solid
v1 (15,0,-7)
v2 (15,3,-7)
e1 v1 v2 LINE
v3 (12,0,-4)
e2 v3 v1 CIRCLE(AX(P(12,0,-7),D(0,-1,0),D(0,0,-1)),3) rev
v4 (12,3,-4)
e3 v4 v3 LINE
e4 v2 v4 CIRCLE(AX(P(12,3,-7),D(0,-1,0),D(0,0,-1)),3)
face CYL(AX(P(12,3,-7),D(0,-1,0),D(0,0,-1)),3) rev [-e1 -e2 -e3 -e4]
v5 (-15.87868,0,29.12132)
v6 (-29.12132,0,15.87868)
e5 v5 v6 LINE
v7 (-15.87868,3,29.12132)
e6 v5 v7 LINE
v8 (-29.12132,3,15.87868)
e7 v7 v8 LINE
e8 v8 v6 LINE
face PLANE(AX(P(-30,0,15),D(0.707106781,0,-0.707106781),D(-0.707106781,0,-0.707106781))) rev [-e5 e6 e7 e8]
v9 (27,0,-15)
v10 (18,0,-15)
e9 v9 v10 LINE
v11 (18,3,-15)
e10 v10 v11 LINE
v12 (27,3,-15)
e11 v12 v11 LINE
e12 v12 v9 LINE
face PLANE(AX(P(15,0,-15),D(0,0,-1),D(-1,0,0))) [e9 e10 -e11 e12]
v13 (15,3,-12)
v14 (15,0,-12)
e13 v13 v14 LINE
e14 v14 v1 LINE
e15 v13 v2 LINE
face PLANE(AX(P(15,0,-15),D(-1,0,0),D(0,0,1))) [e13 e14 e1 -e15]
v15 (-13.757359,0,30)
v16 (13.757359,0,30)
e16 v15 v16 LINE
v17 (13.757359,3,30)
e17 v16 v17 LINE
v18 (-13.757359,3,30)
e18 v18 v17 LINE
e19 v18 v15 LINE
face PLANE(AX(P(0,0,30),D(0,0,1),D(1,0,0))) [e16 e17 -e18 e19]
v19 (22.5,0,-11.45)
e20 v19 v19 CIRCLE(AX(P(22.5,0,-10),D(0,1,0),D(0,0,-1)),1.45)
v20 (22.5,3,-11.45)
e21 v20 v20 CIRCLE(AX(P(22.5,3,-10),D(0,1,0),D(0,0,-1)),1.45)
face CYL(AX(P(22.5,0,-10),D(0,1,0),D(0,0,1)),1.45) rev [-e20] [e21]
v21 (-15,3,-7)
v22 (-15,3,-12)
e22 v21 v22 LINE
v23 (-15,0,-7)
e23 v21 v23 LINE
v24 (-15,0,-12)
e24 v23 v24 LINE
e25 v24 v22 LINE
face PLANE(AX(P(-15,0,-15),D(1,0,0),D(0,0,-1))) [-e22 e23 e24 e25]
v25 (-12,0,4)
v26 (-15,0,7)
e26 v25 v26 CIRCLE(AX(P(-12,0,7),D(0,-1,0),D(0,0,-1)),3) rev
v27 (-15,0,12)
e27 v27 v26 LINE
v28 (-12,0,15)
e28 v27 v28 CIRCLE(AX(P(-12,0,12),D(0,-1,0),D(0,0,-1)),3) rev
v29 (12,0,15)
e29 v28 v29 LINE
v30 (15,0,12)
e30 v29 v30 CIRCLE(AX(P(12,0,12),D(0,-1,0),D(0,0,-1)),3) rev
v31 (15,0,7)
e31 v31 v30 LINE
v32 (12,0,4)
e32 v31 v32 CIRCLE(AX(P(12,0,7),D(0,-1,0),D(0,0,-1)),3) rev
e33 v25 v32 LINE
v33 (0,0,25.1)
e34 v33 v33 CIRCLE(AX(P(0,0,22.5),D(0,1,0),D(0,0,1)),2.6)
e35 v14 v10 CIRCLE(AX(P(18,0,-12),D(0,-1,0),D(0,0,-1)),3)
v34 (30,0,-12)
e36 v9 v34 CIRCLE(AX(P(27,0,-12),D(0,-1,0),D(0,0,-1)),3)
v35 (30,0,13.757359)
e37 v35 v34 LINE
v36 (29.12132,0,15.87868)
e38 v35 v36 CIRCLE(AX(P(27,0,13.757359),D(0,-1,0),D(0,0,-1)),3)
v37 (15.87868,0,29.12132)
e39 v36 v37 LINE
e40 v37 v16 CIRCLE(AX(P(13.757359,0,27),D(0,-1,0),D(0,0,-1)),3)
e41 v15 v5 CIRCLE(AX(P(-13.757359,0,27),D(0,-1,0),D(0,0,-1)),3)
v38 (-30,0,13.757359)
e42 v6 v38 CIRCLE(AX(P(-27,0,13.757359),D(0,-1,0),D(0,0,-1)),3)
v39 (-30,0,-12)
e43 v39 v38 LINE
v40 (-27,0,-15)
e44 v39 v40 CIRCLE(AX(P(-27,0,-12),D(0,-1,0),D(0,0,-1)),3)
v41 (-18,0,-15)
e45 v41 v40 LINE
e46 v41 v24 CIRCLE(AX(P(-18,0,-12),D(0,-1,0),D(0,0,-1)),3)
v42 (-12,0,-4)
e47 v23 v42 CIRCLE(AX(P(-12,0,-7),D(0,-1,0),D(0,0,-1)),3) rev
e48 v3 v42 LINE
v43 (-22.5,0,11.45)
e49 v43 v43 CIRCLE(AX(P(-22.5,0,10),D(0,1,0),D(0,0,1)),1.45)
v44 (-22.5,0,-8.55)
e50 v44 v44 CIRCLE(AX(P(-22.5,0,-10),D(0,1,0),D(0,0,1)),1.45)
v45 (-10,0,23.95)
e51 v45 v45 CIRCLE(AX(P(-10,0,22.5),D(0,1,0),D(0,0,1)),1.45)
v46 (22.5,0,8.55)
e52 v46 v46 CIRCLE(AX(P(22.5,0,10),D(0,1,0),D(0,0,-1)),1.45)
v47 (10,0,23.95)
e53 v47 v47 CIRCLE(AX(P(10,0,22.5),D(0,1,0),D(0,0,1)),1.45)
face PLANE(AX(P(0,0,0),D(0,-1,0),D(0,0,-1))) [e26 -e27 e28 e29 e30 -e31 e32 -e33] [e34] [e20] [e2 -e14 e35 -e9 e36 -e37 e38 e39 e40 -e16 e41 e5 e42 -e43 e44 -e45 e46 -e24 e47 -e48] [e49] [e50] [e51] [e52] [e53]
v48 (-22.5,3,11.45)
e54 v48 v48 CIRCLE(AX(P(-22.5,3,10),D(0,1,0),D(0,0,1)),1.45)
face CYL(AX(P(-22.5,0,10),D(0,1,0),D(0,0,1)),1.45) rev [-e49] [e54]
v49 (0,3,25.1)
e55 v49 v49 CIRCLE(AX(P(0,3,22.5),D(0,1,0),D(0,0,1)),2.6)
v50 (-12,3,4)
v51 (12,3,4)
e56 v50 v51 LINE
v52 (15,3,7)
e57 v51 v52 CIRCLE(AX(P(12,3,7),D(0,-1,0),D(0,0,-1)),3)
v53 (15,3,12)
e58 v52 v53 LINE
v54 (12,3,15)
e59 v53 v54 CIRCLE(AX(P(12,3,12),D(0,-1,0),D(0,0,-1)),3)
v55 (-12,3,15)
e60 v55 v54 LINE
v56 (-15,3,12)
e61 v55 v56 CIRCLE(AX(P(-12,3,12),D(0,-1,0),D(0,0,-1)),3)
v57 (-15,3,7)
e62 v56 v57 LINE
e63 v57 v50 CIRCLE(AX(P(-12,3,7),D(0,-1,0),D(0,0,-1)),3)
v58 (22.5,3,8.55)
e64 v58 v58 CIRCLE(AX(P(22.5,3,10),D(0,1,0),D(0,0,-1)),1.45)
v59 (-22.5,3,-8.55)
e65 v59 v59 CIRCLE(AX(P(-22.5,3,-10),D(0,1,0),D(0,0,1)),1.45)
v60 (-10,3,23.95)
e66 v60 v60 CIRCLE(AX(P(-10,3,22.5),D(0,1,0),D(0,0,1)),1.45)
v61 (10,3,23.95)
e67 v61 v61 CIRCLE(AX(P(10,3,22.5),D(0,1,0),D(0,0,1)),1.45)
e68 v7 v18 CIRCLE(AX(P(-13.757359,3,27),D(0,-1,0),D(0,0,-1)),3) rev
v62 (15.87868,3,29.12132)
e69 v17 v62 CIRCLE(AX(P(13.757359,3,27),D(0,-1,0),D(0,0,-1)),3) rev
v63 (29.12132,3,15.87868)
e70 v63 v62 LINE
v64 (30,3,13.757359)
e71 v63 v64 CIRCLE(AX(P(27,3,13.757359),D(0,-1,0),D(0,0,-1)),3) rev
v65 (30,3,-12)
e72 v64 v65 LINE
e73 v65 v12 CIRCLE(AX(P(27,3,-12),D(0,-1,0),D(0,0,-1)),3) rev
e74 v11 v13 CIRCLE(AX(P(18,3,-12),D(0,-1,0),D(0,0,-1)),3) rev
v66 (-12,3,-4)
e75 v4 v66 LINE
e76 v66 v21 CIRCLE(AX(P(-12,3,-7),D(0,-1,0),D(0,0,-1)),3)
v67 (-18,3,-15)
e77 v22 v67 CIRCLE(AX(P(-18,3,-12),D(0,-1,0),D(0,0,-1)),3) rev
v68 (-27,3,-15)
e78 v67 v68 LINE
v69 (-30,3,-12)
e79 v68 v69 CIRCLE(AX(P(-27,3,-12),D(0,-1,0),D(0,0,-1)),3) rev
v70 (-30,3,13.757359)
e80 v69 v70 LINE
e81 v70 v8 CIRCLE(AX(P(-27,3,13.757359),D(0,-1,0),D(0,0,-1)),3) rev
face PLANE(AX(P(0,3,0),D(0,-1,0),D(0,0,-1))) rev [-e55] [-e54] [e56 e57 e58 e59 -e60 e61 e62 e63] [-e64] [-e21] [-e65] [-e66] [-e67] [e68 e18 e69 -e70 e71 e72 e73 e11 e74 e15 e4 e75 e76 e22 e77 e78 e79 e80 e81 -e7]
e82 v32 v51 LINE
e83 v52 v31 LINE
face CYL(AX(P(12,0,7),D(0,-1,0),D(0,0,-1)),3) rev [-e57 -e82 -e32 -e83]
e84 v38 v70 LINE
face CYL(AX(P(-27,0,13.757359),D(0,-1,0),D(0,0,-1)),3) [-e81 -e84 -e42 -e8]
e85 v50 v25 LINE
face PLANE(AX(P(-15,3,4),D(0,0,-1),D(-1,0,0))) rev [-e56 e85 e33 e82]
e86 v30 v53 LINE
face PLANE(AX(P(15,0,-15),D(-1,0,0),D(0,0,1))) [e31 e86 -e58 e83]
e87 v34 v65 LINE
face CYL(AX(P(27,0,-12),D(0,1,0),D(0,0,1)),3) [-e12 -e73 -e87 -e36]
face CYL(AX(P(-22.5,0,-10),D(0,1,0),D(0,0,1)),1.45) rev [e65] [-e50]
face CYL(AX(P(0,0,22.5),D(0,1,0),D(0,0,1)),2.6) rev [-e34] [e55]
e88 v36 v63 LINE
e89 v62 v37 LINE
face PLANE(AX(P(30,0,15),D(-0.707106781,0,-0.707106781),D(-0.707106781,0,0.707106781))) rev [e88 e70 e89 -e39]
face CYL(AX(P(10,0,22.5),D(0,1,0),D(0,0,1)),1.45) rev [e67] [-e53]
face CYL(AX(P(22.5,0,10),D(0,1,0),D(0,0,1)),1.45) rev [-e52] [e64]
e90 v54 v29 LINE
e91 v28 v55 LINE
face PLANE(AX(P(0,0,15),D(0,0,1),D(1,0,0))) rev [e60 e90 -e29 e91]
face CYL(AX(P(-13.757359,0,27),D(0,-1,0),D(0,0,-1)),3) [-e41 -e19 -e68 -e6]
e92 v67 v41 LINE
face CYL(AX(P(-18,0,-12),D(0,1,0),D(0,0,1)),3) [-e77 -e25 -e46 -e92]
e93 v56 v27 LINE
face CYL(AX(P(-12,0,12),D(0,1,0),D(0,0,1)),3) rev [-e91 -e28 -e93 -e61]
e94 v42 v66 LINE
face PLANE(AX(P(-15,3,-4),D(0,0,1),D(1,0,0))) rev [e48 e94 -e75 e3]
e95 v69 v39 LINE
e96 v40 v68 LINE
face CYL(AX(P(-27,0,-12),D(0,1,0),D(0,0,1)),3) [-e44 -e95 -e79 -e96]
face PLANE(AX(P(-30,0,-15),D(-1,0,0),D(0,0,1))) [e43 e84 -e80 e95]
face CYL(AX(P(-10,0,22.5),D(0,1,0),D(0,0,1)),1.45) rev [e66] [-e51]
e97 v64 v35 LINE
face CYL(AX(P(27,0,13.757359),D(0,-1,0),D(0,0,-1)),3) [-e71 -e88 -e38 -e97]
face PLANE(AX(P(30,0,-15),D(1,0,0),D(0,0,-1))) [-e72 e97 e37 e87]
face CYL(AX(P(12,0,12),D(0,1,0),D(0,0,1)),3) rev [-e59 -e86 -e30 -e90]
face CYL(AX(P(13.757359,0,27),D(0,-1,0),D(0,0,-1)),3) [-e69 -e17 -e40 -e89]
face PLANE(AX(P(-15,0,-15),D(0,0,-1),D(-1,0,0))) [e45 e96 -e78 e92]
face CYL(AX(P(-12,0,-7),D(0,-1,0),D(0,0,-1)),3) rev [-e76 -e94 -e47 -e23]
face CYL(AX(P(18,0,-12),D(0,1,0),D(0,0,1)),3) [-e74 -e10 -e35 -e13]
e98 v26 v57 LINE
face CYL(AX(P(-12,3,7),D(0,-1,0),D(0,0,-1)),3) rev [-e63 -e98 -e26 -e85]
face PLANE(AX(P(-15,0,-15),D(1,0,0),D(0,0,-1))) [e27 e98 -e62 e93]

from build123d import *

# Parameters (mm, degrees)
SKETCH_1_W          = 30
SKETCH_1_H          = 20
EXTRUDE_1_DEPTH     = 3
SKETCH_2_R          = 1.6
CUT_EXTRUDE_1_DEPTH = 19.275666882
SKETCH_3_W          = 15
SKETCH_3_H          = 30
SKETCH_3_R          = 1.45
EXTRUDE_2_DEPTH     = 3
SKETCH_4_W          = 30
SKETCH_4_H          = 6
CUT_EXTRUDE_2_DEPTH = 34.674916481
SKETCH_5_R          = 1.45
SKETCH_5_R_2        = 2.6
EXTRUDE_3_DEPTH     = 3
CUT_EXTRUDE_3_DEPTH = 43.532340636
FILLET_1_R          = 3


with BuildPart() as part:
    # 草图1 → 凸台-拉伸1 (new body)
    with BuildSketch(Plane(origin=(0, 0, 0), x_dir=(1, 0, 0), z_dir=(0, 1, 0))):
        Rectangle(SKETCH_1_W, SKETCH_1_H)
    extrude(amount=EXTRUDE_1_DEPTH)

    # 草图2 → 切除-拉伸1 (cut, through all)
    with BuildSketch(Plane(origin=(0, 3, 0), x_dir=(1, 0, 0), z_dir=(0, 1, 0))):
        with Locations(Location((-5, 7.5, 0), (0, 0, 270))):
            Circle(SKETCH_2_R)
        with Locations(Location((5, 7.5, 0), (0, 0, 270))):
            Circle(SKETCH_2_R)
        with Locations(Location((5, -7.5, 0), (0, 0, 270))):
            Circle(SKETCH_2_R)
        with Locations(Location((-5, -7.5, 0), (0, 0, 270))):
            Circle(SKETCH_2_R)
    extrude(amount=-CUT_EXTRUDE_1_DEPTH, mode=Mode.SUBTRACT)

    # 草图3 → 凸台-拉伸2 (add)
    # profile 1 of 2: a face of its own
    with BuildSketch(Plane(origin=(0, 3, 0), x_dir=(1, 0, 0), z_dir=(0, 1, 0))):
        with Locations((22.5, 0)):
            Rectangle(SKETCH_3_W, SKETCH_3_H)
        with Locations(Location((22.5, -10, 0), (0, 0, 90))):
            Circle(SKETCH_3_R, mode=Mode.SUBTRACT)
        with Locations(Location((22.5, 10, 0), (0, 0, 90))):
            Circle(SKETCH_3_R, mode=Mode.SUBTRACT)
    # profile 2 of 2: a face of its own
    with BuildSketch(Plane(origin=(0, 3, 0), x_dir=(1, 0, 0), z_dir=(0, 1, 0))):
        with Locations((-22.5, 0)):
            Rectangle(SKETCH_3_W, SKETCH_3_H)
        with Locations(Location((-22.5, 10, 0), (0, 0, 270))):
            Circle(SKETCH_3_R, mode=Mode.SUBTRACT)
        with Locations(Location((-22.5, -10, 0), (0, 0, 270))):
            Circle(SKETCH_3_R, mode=Mode.SUBTRACT)
    extrude(amount=-EXTRUDE_2_DEPTH)

    # 草图4 → 切除-拉伸2 (cut, through all)
    with BuildSketch(Plane.XZ):
        with Locations((0, 7)):
            Rectangle(SKETCH_4_W, SKETCH_4_H)
        with Locations((0, -7)):
            Rectangle(SKETCH_4_W, SKETCH_4_H)
    extrude(amount=-CUT_EXTRUDE_2_DEPTH, mode=Mode.SUBTRACT)

    # 草图5 → 凸台-拉伸3 (add)
    with BuildSketch(Plane(origin=(0, 3, 0), x_dir=(1, 0, 0), z_dir=(0, 1, 0))):
        Polygon((30, -15), (15, -15), (-15, -15), (-30, -15), (-30, -30), (30, -30), align=None)
        with Locations(Location((-10, -22.5, 0), (0, 0, 270))):
            Circle(SKETCH_5_R, mode=Mode.SUBTRACT)
        with Locations(Location((0, -22.5, 0), (0, 0, 270))):
            Circle(SKETCH_5_R_2, mode=Mode.SUBTRACT)
        with Locations(Location((10, -22.5, 0), (0, 0, 270))):
            Circle(SKETCH_5_R, mode=Mode.SUBTRACT)
    extrude(amount=-EXTRUDE_3_DEPTH)

    # 草图6 → 切除-拉伸3 (cut, through all)
    with BuildSketch(Plane(origin=(0, 3, 0), x_dir=(1, 0, 0), z_dir=(0, 1, 0))):
        Polygon((-30, -15), (-15, -30), (-30, -30), align=None)
        Polygon((30, -30), (30, -15), (15, -30), align=None)
    extrude(amount=-CUT_EXTRUDE_3_DEPTH, mode=Mode.SUBTRACT)

    # 圆角1
    fillet_1_edges = [part.edges().sort_by_distance(p)[0] for p in [
        (-30, 1.5, 15),
        (-15, 1.5, 30),
        (15, 1.5, 30),
        (30, 1.5, 15),
        (15, 1.5, 15),
        (15, 1.5, -15),
        (30, 1.5, -15),
        (-15, 1.5, -15),
        (-15, 1.5, 15),
        (-30, 1.5, -15),
        (-15, 1.5, 4),
        (15, 1.5, 4),
        (-15, 1.5, -4),
        (15, 1.5, -4),
    ]]
    fillet(fillet_1_edges, radius=FILLET_1_R)


solid = part.part
